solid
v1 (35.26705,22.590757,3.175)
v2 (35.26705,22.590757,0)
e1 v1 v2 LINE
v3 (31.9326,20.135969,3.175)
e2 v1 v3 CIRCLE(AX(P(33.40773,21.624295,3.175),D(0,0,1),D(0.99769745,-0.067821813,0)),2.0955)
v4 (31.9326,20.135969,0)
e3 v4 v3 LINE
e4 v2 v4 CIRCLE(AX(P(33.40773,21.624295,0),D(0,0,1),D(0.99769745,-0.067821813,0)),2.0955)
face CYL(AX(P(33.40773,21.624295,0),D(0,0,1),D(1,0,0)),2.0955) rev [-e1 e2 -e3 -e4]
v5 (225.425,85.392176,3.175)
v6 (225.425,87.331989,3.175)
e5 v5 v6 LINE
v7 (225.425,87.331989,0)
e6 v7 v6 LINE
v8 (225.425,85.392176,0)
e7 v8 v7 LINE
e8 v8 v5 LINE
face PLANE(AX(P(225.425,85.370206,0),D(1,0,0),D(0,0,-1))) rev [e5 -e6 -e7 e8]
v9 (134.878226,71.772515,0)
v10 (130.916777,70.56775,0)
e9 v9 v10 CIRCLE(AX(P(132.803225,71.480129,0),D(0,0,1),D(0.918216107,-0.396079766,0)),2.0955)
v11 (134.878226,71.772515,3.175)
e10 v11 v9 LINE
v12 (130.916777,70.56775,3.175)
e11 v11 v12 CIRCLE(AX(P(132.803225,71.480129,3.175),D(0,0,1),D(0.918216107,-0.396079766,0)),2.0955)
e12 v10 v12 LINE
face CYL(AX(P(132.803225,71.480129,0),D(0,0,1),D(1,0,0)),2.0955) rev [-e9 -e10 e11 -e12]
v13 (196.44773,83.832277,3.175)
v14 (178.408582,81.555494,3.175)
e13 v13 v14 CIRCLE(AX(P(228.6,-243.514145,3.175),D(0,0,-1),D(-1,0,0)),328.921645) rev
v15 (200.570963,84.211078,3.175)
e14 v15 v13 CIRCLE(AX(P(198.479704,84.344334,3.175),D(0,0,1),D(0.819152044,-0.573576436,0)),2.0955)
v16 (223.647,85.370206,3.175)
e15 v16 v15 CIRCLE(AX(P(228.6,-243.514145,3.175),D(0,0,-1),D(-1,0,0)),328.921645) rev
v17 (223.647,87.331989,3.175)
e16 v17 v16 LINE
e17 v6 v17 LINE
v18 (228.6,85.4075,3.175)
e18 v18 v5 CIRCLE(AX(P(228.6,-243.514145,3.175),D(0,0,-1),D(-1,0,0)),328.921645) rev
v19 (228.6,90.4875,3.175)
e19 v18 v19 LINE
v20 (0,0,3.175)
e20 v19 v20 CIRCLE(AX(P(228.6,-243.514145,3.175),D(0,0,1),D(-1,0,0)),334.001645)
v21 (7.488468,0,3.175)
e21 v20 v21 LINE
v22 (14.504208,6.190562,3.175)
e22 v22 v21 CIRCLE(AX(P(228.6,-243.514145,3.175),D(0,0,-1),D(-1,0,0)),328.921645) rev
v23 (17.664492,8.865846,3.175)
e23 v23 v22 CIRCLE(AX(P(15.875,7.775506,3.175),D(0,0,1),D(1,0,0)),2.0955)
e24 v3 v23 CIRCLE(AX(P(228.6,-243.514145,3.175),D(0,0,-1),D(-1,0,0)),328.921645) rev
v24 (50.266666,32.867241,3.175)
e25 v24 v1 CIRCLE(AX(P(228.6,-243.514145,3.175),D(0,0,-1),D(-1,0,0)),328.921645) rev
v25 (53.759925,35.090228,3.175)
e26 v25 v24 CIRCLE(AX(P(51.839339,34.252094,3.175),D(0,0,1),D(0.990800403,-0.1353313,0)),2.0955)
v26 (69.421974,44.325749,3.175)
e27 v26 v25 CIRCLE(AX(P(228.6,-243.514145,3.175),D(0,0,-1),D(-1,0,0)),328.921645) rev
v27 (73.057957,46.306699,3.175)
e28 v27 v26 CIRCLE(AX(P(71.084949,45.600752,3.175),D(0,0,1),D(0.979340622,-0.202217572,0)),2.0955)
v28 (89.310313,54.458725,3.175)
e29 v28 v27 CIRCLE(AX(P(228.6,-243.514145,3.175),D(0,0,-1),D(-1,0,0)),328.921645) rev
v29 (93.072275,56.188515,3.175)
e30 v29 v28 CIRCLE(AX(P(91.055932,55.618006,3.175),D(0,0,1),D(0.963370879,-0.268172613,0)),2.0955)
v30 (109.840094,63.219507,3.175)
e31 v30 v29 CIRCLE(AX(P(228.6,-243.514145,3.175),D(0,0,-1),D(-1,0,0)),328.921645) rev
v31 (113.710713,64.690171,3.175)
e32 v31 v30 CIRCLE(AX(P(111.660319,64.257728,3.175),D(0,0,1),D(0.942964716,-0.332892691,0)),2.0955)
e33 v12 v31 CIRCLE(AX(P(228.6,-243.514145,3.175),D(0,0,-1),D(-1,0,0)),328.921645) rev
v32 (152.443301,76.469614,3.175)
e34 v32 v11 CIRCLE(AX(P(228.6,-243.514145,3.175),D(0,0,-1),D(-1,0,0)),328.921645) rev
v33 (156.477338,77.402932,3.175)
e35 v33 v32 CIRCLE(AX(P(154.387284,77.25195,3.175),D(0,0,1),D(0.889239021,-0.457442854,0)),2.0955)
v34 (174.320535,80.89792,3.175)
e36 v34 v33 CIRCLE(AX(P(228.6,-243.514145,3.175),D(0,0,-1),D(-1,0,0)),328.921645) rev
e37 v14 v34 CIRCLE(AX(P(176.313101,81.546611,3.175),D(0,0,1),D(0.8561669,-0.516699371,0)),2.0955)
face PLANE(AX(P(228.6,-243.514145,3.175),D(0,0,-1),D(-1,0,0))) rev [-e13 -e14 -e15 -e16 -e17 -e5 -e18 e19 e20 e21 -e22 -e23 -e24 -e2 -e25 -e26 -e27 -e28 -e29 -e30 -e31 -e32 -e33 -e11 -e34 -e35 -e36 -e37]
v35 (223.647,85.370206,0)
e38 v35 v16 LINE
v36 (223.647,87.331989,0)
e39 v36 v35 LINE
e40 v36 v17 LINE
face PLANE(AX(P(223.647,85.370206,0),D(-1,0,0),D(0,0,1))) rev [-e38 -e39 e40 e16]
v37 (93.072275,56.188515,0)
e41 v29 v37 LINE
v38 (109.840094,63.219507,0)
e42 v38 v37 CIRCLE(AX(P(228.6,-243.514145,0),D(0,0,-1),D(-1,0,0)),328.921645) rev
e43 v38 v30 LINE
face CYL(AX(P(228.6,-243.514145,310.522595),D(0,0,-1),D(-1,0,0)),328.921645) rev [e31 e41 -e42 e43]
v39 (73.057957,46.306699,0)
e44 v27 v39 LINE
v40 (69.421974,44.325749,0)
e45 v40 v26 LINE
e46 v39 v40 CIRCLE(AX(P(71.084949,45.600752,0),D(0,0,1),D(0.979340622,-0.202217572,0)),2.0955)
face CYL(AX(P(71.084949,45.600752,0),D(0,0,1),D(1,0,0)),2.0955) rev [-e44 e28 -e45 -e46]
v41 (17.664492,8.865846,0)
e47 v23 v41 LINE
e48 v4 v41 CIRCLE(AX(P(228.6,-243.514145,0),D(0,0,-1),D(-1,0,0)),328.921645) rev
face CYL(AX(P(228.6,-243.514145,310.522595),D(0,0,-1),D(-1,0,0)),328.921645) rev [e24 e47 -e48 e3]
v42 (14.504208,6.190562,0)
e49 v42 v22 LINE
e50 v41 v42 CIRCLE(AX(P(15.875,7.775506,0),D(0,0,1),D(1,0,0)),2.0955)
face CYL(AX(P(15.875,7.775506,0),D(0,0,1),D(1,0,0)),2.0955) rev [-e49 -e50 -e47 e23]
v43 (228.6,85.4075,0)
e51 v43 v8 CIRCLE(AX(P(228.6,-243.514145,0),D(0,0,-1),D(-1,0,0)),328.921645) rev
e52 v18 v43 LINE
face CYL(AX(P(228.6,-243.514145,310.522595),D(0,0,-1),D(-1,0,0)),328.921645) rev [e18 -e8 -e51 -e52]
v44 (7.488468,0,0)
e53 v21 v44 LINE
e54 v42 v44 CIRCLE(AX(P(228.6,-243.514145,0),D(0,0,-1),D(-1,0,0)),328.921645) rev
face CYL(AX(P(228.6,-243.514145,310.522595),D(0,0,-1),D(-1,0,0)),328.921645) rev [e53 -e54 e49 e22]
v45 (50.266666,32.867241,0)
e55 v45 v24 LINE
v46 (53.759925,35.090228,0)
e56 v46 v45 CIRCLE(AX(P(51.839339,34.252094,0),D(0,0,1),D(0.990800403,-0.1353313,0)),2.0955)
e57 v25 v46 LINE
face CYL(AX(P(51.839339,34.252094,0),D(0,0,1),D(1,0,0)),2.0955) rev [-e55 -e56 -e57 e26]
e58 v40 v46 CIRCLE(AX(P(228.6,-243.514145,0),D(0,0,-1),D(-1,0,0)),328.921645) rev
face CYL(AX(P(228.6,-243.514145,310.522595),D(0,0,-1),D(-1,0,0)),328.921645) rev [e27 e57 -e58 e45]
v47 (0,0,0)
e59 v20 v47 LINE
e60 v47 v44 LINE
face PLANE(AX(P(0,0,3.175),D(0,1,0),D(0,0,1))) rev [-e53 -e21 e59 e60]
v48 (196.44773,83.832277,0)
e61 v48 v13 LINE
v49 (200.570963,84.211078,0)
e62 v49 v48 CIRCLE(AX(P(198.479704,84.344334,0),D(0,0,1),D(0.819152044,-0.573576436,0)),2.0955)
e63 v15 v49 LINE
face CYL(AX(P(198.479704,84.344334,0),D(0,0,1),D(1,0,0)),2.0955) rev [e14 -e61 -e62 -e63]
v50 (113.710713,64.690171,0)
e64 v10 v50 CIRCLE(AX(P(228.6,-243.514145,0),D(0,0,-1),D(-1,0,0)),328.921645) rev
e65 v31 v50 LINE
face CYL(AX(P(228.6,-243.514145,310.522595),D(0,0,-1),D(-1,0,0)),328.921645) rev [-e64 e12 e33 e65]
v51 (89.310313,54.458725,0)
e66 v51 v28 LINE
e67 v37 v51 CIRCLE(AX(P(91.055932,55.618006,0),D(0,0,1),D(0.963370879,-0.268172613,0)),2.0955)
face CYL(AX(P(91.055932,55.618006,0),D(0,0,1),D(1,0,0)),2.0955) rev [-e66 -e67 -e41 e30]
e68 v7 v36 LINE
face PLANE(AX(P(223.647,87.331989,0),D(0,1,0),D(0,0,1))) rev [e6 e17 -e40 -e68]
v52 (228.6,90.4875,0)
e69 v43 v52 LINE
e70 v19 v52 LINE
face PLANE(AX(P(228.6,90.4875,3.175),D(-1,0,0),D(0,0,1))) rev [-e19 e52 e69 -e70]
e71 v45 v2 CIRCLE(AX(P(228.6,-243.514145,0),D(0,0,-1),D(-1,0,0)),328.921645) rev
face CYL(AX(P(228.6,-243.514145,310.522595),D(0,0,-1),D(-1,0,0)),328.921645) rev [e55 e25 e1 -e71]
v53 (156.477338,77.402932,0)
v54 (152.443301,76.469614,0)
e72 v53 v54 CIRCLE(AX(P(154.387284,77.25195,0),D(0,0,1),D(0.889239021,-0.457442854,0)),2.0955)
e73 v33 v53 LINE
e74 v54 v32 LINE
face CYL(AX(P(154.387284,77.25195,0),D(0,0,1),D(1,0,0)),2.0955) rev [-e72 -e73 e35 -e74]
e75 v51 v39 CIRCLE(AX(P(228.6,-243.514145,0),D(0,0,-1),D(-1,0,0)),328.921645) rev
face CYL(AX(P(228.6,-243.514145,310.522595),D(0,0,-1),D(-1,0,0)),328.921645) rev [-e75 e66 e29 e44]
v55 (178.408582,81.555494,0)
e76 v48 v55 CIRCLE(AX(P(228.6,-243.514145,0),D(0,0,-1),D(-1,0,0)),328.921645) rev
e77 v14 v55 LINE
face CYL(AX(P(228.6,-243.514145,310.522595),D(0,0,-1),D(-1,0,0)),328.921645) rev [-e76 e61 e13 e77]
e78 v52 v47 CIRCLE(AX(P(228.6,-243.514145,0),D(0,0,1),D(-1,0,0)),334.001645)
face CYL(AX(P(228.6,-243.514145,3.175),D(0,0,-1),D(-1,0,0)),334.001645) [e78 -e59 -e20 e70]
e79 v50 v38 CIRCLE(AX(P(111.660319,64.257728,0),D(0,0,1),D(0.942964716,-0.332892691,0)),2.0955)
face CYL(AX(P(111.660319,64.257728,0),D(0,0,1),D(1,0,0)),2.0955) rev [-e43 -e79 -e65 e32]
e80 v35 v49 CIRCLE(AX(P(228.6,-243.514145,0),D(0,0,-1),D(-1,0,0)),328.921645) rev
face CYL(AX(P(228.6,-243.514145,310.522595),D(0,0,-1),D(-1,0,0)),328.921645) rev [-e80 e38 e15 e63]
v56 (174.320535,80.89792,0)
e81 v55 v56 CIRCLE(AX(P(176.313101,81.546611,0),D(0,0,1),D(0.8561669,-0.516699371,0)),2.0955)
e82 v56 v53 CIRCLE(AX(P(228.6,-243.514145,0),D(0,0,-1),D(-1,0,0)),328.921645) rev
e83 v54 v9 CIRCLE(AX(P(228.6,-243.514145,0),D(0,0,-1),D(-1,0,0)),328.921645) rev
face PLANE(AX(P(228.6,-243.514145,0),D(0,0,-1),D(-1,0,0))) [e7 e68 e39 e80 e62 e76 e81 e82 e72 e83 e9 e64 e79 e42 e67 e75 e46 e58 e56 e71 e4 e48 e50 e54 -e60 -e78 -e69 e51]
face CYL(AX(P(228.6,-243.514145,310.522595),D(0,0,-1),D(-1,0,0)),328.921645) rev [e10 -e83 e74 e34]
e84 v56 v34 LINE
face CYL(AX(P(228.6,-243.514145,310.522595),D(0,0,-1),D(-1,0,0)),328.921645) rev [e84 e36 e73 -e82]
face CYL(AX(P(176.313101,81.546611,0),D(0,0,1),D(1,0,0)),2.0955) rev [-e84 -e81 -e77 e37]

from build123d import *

# Parameters (mm, degrees)
EXTRUDE1_DEPTH      = 3.175
SKETCH3_R           = 2.0955
EXTRUDE2_DEPTH      = 4.175
CIRPATTERN1_COUNT   = 10
CIRPATTERN1_ANGLE   = 35
EXTRUDE3_DEPTH      = 1
EXTRUDE3_DEPTH_BACK = 4.175
SKETCH5_W           = 1.778
SKETCH5_H           = 1.961783436
EXTRUDE4_DEPTH      = 4.175


with BuildPart() as part:
    # Sketch1 → Extrude1 (new body)
    with BuildSketch(Plane.XY):
        with BuildLine():
            Line((0, 0), (228.6, 0))
            Line((228.6, 0), (228.6, 90.4875))
            ThreePointArc((228.6, 90.4875), (105.671212021, 67.042793316), (0, 0))
        make_face()
        with BuildLine():
            Line((40.029392194, 9.525), (209.55, 9.525))
            ThreePointArc((209.55, 9.525), (216.285192091, 12.314807909), (219.075, 19.05))
            Line((219.075, 19.05), (219.075, 74.358899247))
            ThreePointArc((219.075, 74.358899247), (218.099794794, 76.648337576), (215.773250164, 77.531368235))
            ThreePointArc((215.773250164, 77.531368235), (122.297861029, 59.693048715), (38.147400573, 15.25709455))
            ThreePointArc((38.147400573, 15.25709455), (37.012821277, 11.709583471), (40.029392194, 9.525))
        make_face(mode=Mode.SUBTRACT)
    extrude(amount=EXTRUDE1_DEPTH)

    # Sketch3 → Extrude2 (cut, through all)
    with BuildSketch(Plane.XY.offset(3.175)):
        with Locations((15.875, 7.775506467)):
            Circle(SKETCH3_R)
    extrude2 = extrude(amount=-EXTRUDE2_DEPTH, mode=Mode.SUBTRACT)

    # CirPattern1: Extrude2 ×10 about axis
    cirpattern1_axis = Axis((228.6, -243.514144737, 0), (0, 0, -1))
    for i in range(1, CIRPATTERN1_COUNT):
        add(extrude2.rotate(cirpattern1_axis, i * CIRPATTERN1_ANGLE / (CIRPATTERN1_COUNT - 1)), mode=Mode.SUBTRACT)

    # Sketch4 → Extrude3 (cut, two sides)
    with BuildSketch(Plane.XY.offset(3.175)) as extrude3_sk:
        with BuildLine():
            Line((726.667212815, 85.4075), (228.6, 85.4075))
            ThreePointArc((228.6, 85.4075), (107.540898152, 62.319375722), (3.476893058, -3.703729831))
            Line((3.476893058, -3.703729831), (-359.654286867, -344.594760291))
            Line((-359.654286867, -344.594760291), (6.971445482, -1270.807136749))
            Line((6.971445482, -1270.807136749), (1093.292945163, -840.804876459))
            Line((1093.292945163, -840.804876459), (726.667212815, 85.4075))
        make_face()
    extrude(amount=EXTRUDE3_DEPTH, mode=Mode.SUBTRACT)
    extrude(extrude3_sk.sketch, amount=-EXTRUDE3_DEPTH_BACK, mode=Mode.SUBTRACT)

    # Sketch5 → Extrude4 (cut, through all)
    with BuildSketch(Plane.XY.offset(3.175)):
        with Locations((224.536, 86.35109773)):
            Rectangle(SKETCH5_W, SKETCH5_H)
    extrude(amount=-EXTRUDE4_DEPTH, mode=Mode.SUBTRACT)


solid = part.part
